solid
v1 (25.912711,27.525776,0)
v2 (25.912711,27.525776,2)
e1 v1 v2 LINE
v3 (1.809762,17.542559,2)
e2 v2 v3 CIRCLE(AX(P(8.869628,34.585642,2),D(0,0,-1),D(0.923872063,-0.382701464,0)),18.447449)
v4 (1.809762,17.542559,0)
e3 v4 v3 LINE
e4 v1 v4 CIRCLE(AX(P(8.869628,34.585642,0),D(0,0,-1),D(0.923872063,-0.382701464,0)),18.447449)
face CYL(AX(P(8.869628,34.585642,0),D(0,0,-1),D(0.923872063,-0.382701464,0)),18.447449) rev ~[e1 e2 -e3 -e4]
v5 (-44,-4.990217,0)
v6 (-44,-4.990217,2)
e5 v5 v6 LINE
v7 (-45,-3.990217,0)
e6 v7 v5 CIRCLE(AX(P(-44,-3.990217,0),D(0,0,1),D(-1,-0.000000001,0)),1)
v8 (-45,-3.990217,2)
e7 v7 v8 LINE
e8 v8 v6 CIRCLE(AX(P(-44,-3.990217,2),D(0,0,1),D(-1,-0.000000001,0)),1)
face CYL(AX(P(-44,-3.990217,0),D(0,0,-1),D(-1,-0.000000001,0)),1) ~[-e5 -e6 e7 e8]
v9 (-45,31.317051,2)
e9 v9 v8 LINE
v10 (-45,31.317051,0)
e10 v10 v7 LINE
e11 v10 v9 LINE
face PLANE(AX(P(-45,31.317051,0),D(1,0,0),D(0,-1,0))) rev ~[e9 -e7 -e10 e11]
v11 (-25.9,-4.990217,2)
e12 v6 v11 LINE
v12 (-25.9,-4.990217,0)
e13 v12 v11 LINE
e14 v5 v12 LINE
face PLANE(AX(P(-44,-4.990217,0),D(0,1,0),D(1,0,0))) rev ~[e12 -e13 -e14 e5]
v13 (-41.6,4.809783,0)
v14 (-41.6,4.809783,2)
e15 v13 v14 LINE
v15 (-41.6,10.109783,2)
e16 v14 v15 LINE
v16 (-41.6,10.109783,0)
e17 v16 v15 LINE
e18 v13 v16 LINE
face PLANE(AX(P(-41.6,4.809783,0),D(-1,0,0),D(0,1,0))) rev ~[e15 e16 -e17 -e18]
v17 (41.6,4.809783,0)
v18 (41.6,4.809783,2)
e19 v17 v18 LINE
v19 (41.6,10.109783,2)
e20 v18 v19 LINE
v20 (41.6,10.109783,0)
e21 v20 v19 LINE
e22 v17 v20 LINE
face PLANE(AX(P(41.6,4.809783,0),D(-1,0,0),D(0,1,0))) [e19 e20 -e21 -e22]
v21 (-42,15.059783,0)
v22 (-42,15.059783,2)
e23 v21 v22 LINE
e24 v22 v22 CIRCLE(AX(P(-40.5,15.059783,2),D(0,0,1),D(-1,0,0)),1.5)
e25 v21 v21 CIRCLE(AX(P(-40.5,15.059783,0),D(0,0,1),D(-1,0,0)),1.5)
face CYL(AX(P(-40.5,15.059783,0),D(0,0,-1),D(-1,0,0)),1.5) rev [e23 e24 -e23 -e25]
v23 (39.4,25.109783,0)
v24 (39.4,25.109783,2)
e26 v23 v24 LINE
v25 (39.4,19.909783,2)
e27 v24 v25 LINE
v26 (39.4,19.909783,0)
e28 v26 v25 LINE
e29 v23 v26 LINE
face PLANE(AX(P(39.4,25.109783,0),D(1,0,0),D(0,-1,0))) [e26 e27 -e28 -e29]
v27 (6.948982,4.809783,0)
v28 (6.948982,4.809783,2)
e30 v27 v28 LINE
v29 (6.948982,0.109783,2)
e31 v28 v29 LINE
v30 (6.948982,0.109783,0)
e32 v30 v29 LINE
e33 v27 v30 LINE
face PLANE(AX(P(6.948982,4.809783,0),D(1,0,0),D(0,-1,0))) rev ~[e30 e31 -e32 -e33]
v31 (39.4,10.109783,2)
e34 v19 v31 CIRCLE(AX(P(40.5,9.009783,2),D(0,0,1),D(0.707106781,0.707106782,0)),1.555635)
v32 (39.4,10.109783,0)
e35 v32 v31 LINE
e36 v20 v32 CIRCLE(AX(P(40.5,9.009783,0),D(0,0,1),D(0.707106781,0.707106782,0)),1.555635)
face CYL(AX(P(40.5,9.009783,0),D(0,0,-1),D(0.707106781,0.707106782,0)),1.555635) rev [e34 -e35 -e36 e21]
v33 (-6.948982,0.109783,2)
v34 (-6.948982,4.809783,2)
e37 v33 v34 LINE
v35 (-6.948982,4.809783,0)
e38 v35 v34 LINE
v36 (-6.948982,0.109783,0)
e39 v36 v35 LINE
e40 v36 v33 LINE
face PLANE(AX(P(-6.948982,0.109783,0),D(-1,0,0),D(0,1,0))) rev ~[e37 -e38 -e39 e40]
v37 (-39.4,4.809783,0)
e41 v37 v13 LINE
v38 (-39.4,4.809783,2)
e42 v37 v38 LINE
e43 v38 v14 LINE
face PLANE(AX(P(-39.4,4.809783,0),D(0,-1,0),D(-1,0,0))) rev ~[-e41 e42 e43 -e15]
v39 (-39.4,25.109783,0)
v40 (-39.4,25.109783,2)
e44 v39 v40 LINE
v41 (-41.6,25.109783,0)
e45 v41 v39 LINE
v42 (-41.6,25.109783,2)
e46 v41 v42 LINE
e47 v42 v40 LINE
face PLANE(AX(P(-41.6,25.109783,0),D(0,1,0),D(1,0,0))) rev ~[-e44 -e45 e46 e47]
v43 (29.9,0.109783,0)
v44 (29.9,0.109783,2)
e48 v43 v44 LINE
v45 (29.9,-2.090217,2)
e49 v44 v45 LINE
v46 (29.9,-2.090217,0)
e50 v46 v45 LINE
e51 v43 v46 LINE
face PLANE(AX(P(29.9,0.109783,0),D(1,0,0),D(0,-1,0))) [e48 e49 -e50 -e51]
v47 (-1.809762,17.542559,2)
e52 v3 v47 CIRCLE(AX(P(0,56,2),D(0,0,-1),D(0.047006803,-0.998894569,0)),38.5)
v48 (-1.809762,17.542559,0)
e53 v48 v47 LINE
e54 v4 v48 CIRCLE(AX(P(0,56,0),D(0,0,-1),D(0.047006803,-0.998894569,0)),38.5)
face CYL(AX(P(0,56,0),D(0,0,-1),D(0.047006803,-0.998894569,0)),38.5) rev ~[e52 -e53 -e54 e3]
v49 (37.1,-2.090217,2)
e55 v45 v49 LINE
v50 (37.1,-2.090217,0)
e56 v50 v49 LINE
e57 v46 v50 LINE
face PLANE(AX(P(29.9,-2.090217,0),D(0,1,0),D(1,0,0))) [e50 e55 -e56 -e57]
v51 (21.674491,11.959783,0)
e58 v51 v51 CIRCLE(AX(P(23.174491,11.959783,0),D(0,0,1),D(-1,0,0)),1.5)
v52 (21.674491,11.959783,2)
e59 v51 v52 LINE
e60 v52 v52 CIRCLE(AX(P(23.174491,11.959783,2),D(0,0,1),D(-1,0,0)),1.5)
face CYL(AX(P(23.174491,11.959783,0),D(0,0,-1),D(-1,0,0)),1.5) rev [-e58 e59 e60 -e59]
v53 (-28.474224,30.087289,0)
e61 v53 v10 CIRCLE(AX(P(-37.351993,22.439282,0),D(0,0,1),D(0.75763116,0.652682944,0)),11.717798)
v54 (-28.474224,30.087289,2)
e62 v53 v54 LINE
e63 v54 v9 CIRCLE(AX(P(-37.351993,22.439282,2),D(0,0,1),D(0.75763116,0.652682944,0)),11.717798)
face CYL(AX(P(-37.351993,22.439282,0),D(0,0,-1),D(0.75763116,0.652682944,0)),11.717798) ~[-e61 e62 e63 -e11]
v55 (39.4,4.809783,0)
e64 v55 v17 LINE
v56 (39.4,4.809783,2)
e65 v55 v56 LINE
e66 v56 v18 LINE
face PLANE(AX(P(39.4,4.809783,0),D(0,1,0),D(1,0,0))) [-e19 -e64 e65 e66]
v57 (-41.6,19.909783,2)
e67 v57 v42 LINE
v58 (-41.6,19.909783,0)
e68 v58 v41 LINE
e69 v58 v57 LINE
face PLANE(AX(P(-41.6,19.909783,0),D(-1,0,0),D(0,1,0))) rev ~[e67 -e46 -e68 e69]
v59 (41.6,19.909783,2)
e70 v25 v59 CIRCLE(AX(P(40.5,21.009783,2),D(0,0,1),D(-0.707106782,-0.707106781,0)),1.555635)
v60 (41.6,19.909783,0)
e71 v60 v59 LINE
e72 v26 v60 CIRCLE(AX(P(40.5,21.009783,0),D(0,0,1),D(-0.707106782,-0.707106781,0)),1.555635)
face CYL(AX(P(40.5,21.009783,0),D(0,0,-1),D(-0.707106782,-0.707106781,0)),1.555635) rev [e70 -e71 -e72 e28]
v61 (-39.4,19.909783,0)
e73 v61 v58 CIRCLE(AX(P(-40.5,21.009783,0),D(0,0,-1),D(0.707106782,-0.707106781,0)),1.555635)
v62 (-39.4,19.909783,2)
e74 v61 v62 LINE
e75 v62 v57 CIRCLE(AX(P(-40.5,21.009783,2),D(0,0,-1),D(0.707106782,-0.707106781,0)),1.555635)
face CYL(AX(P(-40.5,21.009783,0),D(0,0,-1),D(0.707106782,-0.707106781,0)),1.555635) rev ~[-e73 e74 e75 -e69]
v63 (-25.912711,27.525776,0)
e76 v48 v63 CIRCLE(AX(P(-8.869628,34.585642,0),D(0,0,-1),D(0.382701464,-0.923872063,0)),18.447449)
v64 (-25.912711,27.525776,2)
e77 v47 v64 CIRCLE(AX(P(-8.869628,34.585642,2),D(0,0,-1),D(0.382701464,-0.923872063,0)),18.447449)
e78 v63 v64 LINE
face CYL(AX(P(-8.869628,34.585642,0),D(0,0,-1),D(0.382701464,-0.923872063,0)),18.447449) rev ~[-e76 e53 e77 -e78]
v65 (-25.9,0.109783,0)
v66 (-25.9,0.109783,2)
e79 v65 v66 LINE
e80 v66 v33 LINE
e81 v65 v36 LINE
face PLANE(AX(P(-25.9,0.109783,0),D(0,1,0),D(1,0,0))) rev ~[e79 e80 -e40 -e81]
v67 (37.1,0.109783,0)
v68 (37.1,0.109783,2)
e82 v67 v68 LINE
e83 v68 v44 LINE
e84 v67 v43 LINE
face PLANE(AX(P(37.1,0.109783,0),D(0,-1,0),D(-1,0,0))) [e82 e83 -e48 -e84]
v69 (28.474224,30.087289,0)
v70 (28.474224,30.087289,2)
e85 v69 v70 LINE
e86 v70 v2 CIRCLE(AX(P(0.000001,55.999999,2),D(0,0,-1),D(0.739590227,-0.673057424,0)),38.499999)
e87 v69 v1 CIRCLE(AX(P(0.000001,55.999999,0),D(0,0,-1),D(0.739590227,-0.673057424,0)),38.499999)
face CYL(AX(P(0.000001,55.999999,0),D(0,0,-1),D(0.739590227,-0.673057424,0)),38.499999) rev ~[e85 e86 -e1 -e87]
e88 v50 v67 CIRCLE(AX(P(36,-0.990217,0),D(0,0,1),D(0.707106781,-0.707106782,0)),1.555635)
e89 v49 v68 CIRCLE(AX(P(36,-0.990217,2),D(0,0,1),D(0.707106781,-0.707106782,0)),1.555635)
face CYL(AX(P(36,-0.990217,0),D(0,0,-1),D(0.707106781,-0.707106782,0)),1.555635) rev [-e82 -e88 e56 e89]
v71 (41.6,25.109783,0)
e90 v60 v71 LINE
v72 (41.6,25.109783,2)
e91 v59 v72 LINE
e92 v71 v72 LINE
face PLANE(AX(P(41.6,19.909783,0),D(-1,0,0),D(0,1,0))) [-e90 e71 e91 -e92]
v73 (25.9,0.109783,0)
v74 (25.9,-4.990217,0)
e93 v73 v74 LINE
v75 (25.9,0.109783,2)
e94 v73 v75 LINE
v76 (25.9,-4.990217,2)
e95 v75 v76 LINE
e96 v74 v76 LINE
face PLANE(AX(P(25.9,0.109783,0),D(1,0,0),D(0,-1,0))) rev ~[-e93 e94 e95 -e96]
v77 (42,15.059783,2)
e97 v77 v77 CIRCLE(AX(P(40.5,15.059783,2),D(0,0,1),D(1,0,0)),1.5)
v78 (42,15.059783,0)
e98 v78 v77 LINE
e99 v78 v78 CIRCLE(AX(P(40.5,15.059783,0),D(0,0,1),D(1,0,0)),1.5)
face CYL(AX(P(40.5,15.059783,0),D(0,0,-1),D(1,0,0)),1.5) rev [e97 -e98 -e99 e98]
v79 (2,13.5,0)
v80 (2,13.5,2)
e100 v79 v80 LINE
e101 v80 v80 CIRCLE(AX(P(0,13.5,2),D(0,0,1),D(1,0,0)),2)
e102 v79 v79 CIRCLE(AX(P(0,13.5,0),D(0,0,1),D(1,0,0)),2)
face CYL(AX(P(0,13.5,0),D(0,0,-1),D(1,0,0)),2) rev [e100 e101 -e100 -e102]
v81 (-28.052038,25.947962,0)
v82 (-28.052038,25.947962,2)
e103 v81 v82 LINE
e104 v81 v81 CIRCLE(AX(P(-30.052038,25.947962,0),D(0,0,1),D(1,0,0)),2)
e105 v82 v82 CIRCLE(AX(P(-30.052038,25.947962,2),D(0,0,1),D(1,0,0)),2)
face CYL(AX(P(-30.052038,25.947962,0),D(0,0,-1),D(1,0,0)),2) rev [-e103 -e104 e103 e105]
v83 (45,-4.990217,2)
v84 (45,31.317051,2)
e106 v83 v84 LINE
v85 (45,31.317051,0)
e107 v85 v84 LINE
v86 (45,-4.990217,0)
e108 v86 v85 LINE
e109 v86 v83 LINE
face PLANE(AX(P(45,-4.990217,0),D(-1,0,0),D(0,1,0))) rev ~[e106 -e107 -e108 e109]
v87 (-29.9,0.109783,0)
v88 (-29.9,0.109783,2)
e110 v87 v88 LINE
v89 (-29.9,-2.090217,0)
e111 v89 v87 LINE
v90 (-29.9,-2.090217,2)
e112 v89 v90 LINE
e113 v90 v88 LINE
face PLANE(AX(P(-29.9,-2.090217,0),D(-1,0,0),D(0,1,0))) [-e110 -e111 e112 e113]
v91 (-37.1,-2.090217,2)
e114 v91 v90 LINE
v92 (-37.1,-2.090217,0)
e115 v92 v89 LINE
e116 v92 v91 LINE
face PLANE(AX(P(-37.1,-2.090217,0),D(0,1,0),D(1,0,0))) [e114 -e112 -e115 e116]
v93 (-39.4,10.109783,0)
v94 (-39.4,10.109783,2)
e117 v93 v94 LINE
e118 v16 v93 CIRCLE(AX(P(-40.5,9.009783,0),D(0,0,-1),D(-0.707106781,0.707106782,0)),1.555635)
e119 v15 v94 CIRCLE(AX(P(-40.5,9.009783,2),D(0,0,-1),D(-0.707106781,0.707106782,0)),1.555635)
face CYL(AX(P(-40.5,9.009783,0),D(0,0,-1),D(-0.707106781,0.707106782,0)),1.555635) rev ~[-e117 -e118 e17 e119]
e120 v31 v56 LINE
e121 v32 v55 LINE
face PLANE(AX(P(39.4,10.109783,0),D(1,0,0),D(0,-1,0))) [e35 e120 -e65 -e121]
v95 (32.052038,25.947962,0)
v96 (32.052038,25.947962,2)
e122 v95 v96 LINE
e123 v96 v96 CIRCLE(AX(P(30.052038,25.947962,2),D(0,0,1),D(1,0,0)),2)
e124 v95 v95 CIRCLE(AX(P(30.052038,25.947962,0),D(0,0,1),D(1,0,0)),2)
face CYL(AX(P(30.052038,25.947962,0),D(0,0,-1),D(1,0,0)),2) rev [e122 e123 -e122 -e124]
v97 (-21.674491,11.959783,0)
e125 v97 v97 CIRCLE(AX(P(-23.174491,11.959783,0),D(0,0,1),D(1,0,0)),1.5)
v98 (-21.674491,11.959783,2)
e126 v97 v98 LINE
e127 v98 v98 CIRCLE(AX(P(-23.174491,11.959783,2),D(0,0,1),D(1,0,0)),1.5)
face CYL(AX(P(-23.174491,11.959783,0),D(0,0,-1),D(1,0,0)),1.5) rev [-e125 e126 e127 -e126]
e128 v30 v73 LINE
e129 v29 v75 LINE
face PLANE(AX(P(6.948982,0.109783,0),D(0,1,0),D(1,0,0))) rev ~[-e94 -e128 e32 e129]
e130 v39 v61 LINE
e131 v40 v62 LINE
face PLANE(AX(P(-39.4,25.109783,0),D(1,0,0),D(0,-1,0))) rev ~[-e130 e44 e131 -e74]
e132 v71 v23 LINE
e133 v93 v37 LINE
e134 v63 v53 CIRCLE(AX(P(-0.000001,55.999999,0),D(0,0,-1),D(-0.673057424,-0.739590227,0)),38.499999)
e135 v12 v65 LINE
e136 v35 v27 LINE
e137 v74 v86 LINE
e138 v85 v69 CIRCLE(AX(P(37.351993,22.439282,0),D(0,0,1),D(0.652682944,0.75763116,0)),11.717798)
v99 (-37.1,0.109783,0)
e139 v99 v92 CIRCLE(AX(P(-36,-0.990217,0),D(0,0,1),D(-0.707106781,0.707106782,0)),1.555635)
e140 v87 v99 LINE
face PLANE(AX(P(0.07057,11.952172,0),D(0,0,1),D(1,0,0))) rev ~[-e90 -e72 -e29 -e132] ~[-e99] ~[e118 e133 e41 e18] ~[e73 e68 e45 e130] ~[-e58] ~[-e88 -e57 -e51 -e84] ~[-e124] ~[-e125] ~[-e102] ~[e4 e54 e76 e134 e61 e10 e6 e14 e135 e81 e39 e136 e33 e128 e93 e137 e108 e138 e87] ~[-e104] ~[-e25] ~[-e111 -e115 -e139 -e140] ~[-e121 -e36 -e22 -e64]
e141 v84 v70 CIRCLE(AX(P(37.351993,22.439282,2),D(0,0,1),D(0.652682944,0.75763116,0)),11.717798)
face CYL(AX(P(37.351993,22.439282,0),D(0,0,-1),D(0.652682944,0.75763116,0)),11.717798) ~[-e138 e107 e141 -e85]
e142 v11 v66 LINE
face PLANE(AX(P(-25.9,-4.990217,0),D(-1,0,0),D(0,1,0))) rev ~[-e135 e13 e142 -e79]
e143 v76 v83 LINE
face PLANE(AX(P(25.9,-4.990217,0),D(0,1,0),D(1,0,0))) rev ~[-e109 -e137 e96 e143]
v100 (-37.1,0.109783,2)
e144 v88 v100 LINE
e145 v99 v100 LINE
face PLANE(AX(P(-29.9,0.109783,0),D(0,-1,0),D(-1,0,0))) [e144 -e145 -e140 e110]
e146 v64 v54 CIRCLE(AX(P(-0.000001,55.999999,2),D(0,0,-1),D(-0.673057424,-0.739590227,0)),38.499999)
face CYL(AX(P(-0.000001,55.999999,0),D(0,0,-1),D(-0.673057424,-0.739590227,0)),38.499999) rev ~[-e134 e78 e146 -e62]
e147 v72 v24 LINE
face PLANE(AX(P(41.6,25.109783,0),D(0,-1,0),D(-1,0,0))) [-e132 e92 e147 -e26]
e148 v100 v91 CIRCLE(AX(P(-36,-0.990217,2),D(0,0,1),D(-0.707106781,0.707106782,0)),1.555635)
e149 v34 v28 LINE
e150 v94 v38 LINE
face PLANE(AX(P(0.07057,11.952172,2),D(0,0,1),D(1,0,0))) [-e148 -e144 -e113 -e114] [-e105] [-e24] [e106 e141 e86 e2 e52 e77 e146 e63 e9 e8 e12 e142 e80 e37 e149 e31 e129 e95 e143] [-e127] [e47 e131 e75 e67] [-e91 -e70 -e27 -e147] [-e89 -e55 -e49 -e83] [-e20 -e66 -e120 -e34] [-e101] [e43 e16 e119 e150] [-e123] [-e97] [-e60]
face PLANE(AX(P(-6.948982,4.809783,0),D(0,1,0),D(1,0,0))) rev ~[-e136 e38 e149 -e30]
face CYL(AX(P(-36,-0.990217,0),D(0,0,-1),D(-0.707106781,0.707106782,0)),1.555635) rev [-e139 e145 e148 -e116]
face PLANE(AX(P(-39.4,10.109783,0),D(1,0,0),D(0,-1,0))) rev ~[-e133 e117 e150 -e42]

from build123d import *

# Parameters (mm, degrees)
SKETCH_3_R      = 2
SKETCH_3_R_2    = 1.999999997
SKETCH_3_R_3    = 1.999999995
SKETCH_3_R_4    = 1.5
EXTRUDE_1_DEPTH = 2


with BuildPart() as part:
    # 草图3 → 凸台-拉伸1 (new body)
    with BuildSketch(Plane.XY):
        with BuildLine():
            Line((-25.9, -3.990216685), (-25.9, 0.109783315))
            Line((-25.9, 0.109783315), (-15.9, 0.109783315))
            Line((-15.9, 0.109783315), (-6.948981504, 0.109783315))
            Line((-6.948981504, 0.109783315), (-6.948981504, 4.809783315))
            Line((-6.948981504, 4.809783315), (6.948981504, 4.809783315))
            Line((6.948981504, 4.809783315), (6.948981504, 0.109783315))
            Line((6.948981504, 0.109783315), (15.9, 0.109783315))
            Line((15.9, 0.109783315), (25.9, 0.109783315))
            Line((25.9, 0.109783315), (25.9, -3.990216685))
            Line((25.9, -3.990216685), (25.9, -4.990216685))
            Line((25.9, -4.990216685), (45, -4.990216685))
            Line((45, -4.990216685), (45, -3.990216685))
            Line((45, -3.990216685), (45, 8.890084071))
            Line((45, 8.890084071), (45, 21.128606731))
            Line((45, 21.128606731), (45, 31.317051182))
            ThreePointArc((45, 31.317051182), (36.482419799, 34.124770496), (28.474223712, 30.087289143))
            ThreePointArc((28.474223712, 30.087289143), (27.223611076, 28.776388924), (25.912710857, 27.525776288))
            ThreePointArc((25.912710857, 27.525776288), (15.928828372, 17.542283516), (1.809761925, 17.542559084))
            ThreePointArc((1.809761925, 17.542559084), (0, 17.5), (-1.809761925, 17.542559084))
            ThreePointArc((-1.809761925, 17.542559084), (-15.928828372, 17.542283516), (-25.912710857, 27.525776288))
            ThreePointArc((-25.912710857, 27.525776288), (-27.223611076, 28.776388924), (-28.474223712, 30.087289143))
            ThreePointArc((-28.474223712, 30.087289143), (-36.482419799, 34.124770496), (-45, 31.317051182))
            Line((-45, 31.317051182), (-45, 21.128606731))
            Line((-45, 21.128606731), (-45, 8.890084071))
            Line((-45, 8.890084071), (-45, -3.990216685))
            ThreePointArc((-45, -3.990216685), (-44.707106781, -4.697323466), (-44, -4.990216685))
            Line((-44, -4.990216685), (-25.9, -4.990216685))
            Line((-25.9, -4.990216685), (-25.9, -3.990216685))
        make_face()
        with Locations((0, 13.5)):
            Circle(SKETCH_3_R, mode=Mode.SUBTRACT)
        with Locations((-30.0520382, 25.94796181)):
            Circle(SKETCH_3_R_2, mode=Mode.SUBTRACT)
        with Locations((30.052038207, 25.947961792)):
            Circle(SKETCH_3_R_3, mode=Mode.SUBTRACT)
        with Locations((-23.174490752, 11.959783315)):
            Circle(SKETCH_3_R_4, mode=Mode.SUBTRACT)
        with Locations(Location((23.174490752, 11.959783315, 0), (0, 0, 180))):
            Circle(SKETCH_3_R_4, mode=Mode.SUBTRACT)
        with Locations((40.5, 15.059783315)):
            Circle(SKETCH_3_R_4, mode=Mode.SUBTRACT)
        with Locations(Location((-40.5, 15.059783315, 0), (0, 0, 180))):
            Circle(SKETCH_3_R_4, mode=Mode.SUBTRACT)
        with BuildLine():
            Line((-37.1, -2.090216685), (-29.9, -2.090216685))
            Line((-29.9, -2.090216685), (-29.9, 0.109783315))
            Line((-29.9, 0.109783315), (-37.1, 0.109783315))
            ThreePointArc((-37.1, 0.109783315), (-37.555634919, -0.990216685), (-37.1, -2.090216685))
        make_face(mode=Mode.SUBTRACT)
        with BuildLine():
            Line((-41.6, 25.109783315), (-39.4, 25.109783315))
            Line((-39.4, 25.109783315), (-39.4, 19.909783315))
            ThreePointArc((-39.4, 19.909783315), (-40.5, 19.454148396), (-41.6, 19.909783315))
            Line((-41.6, 19.909783315), (-41.6, 25.109783315))
        make_face(mode=Mode.SUBTRACT)
        with BuildLine():
            Line((-39.4, 10.109783315), (-39.4, 4.809783315))
            Line((-39.4, 4.809783315), (-41.6, 4.809783315))
            Line((-41.6, 4.809783315), (-41.6, 10.109783315))
            ThreePointArc((-41.6, 10.109783315), (-40.5, 10.565418233), (-39.4, 10.109783315))
        make_face(mode=Mode.SUBTRACT)
        with BuildLine():
            Line((37.1, 0.109783315), (29.9, 0.109783315))
            Line((29.9, 0.109783315), (29.9, -2.090216685))
            Line((29.9, -2.090216685), (37.1, -2.090216685))
            ThreePointArc((37.1, -2.090216685), (37.555634919, -0.990216685), (37.1, 0.109783315))
        make_face(mode=Mode.SUBTRACT)
        with BuildLine():
            Line((41.6, 4.809783315), (41.6, 10.109783315))
            ThreePointArc((41.6, 10.109783315), (40.5, 10.565418233), (39.4, 10.109783315))
            Line((39.4, 10.109783315), (39.4, 4.809783315))
            Line((39.4, 4.809783315), (41.6, 4.809783315))
        make_face(mode=Mode.SUBTRACT)
        with BuildLine():
            Line((39.4, 25.109783315), (39.4, 19.909783315))
            ThreePointArc((39.4, 19.909783315), (40.5, 19.454148396), (41.6, 19.909783315))
            Line((41.6, 19.909783315), (41.6, 25.109783315))
            Line((41.6, 25.109783315), (39.4, 25.109783315))
        make_face(mode=Mode.SUBTRACT)
    extrude(amount=EXTRUDE_1_DEPTH)


solid = part.part
